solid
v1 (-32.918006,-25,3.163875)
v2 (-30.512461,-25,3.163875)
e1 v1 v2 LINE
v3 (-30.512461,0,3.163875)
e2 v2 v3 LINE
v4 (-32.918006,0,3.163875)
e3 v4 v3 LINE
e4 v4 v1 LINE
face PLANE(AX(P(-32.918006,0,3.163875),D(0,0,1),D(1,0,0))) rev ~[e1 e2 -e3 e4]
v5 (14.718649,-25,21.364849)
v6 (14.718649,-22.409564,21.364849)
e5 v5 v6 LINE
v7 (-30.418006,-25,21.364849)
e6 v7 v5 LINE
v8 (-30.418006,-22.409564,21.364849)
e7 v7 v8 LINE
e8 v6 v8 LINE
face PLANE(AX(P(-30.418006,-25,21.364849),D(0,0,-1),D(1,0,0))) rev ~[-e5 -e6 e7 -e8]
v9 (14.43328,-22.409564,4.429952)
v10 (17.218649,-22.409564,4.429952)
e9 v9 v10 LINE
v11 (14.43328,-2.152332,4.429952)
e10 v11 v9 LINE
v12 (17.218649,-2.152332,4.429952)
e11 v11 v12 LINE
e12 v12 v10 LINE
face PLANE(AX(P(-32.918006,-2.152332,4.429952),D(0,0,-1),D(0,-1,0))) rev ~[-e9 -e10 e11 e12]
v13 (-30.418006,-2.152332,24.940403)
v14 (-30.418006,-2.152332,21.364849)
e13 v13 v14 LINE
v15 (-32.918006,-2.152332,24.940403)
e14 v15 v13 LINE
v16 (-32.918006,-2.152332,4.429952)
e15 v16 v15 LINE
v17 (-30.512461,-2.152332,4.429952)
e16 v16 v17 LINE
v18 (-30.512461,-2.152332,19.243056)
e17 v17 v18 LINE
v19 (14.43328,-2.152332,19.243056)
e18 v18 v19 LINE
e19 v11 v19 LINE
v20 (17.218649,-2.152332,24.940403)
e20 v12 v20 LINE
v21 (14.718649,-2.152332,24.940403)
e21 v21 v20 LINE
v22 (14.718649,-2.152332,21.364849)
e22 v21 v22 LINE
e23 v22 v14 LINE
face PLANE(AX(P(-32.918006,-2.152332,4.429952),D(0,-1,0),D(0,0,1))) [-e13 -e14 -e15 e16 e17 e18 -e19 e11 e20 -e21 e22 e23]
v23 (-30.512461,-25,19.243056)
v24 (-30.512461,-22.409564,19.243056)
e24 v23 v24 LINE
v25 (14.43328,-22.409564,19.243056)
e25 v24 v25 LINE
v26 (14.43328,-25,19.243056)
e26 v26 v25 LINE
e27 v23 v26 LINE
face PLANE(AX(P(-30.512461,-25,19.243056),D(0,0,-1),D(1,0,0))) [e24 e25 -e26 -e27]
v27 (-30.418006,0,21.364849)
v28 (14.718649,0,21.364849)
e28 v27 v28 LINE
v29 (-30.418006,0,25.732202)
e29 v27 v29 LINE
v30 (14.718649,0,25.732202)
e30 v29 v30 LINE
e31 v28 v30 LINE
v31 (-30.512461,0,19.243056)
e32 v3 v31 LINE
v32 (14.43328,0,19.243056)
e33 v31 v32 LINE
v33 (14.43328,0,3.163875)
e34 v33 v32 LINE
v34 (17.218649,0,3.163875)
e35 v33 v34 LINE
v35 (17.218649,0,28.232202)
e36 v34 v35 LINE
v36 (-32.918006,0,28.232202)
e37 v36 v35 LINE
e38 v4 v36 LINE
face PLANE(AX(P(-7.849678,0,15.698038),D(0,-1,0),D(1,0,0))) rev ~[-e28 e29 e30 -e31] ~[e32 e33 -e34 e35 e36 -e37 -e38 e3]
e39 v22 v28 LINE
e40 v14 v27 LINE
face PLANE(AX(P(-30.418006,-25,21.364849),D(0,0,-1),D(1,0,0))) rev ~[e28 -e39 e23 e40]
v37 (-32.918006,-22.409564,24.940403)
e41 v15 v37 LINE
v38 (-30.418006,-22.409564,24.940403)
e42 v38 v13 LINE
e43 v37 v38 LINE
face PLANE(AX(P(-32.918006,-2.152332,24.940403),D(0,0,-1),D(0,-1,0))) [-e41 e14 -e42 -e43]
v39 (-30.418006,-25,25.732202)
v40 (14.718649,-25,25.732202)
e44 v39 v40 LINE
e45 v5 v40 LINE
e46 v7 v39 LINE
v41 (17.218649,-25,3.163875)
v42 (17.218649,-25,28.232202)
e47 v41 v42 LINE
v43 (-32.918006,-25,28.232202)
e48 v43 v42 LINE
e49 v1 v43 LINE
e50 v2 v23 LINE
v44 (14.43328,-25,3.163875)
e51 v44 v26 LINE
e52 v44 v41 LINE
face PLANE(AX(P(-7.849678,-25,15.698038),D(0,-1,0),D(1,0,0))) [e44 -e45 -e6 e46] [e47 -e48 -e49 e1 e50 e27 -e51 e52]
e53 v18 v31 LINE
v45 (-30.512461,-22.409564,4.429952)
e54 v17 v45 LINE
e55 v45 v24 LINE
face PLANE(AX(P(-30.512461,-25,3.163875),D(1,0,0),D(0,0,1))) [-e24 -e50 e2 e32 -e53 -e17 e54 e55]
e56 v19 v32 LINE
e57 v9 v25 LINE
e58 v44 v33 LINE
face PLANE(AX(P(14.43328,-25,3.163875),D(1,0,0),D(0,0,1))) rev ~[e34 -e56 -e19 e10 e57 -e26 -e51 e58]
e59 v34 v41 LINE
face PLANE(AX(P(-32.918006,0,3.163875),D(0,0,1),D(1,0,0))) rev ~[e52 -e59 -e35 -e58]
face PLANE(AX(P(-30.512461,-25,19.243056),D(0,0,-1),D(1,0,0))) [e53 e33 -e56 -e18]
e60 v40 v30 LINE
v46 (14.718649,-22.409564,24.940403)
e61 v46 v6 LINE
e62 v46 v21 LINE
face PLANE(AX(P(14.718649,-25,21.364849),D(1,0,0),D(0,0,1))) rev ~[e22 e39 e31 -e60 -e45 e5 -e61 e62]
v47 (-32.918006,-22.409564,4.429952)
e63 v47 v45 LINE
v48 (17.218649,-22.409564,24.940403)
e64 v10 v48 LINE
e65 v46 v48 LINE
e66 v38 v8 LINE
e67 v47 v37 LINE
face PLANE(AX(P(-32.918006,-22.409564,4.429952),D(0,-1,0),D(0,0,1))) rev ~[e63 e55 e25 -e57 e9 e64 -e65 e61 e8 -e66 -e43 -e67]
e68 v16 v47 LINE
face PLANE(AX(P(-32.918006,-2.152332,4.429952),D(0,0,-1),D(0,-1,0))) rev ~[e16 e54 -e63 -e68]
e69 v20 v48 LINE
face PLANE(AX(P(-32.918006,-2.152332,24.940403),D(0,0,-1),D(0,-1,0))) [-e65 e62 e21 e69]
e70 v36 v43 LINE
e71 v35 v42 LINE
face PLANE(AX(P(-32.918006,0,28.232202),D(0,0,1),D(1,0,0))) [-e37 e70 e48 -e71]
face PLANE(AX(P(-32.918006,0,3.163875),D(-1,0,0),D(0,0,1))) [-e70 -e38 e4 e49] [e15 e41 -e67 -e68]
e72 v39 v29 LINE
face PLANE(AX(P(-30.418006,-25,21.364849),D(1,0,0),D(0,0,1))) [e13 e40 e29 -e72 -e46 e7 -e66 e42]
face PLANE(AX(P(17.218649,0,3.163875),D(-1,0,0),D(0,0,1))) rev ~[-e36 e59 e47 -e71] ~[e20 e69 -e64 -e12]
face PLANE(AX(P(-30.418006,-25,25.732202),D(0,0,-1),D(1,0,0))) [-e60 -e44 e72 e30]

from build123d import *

# Parameters (mm, degrees)
F0_W     = 100.2733111382
F0_H     = 50.1366546378
F1_DEPTH = 50
F2_W     = 90.2733111382
F2_H     = 8.7347067715
F3_DEPTH = 50.001
F5_W     = 40.5144635588
F5_H     = 41.020902805
F6_DEPTH = 100.2743111382
F7_W     = 89.8914821446
F7_H     = 32.1583626792
F8_DEPTH = 50.001
F9_SCALE = 0.5


with BuildPart() as f1:
    # F0 (on Front) → F1 (new body)
    with BuildSketch(Plane.XZ):
        with Locations((-15.6993567944, 31.3960765488)):
            Rectangle(F0_W, F0_H)
    extrude(amount=F1_DEPTH)

    # F2 (on face) → F3 (cut, through all)
    with BuildSketch(Plane.XZ.offset(50)):
        with Locations((-15.6993567944, 47.097050482)):
            Rectangle(F2_W, F2_H)
    extrude(amount=-F3_DEPTH, mode=Mode.SUBTRACT)

    # F5 (on face) → F6 (cut, through all)
    with BuildSketch(Plane(origin=(-65.8360123634, 0, 0), x_dir=(0, -1, 0), z_dir=(-1, 0, 0))):
        with Locations((24.5618959889, 29.3703549542)):
            Rectangle(F5_W, F5_H)
    extrude(amount=-F6_DEPTH, mode=Mode.SUBTRACT)

    # F7 (on face) → F8 (cut, through all)
    with BuildSketch(Plane.XZ.offset(50)):
        with Locations((-16.0791818053, 22.4069305696)):
            Rectangle(F7_W, F7_H)
    extrude(amount=-F8_DEPTH, mode=Mode.SUBTRACT)


with BuildPart() as f1_1:
    # F9: moved
    add(f1.part.scale(F9_SCALE))


solid = f1_1.part
